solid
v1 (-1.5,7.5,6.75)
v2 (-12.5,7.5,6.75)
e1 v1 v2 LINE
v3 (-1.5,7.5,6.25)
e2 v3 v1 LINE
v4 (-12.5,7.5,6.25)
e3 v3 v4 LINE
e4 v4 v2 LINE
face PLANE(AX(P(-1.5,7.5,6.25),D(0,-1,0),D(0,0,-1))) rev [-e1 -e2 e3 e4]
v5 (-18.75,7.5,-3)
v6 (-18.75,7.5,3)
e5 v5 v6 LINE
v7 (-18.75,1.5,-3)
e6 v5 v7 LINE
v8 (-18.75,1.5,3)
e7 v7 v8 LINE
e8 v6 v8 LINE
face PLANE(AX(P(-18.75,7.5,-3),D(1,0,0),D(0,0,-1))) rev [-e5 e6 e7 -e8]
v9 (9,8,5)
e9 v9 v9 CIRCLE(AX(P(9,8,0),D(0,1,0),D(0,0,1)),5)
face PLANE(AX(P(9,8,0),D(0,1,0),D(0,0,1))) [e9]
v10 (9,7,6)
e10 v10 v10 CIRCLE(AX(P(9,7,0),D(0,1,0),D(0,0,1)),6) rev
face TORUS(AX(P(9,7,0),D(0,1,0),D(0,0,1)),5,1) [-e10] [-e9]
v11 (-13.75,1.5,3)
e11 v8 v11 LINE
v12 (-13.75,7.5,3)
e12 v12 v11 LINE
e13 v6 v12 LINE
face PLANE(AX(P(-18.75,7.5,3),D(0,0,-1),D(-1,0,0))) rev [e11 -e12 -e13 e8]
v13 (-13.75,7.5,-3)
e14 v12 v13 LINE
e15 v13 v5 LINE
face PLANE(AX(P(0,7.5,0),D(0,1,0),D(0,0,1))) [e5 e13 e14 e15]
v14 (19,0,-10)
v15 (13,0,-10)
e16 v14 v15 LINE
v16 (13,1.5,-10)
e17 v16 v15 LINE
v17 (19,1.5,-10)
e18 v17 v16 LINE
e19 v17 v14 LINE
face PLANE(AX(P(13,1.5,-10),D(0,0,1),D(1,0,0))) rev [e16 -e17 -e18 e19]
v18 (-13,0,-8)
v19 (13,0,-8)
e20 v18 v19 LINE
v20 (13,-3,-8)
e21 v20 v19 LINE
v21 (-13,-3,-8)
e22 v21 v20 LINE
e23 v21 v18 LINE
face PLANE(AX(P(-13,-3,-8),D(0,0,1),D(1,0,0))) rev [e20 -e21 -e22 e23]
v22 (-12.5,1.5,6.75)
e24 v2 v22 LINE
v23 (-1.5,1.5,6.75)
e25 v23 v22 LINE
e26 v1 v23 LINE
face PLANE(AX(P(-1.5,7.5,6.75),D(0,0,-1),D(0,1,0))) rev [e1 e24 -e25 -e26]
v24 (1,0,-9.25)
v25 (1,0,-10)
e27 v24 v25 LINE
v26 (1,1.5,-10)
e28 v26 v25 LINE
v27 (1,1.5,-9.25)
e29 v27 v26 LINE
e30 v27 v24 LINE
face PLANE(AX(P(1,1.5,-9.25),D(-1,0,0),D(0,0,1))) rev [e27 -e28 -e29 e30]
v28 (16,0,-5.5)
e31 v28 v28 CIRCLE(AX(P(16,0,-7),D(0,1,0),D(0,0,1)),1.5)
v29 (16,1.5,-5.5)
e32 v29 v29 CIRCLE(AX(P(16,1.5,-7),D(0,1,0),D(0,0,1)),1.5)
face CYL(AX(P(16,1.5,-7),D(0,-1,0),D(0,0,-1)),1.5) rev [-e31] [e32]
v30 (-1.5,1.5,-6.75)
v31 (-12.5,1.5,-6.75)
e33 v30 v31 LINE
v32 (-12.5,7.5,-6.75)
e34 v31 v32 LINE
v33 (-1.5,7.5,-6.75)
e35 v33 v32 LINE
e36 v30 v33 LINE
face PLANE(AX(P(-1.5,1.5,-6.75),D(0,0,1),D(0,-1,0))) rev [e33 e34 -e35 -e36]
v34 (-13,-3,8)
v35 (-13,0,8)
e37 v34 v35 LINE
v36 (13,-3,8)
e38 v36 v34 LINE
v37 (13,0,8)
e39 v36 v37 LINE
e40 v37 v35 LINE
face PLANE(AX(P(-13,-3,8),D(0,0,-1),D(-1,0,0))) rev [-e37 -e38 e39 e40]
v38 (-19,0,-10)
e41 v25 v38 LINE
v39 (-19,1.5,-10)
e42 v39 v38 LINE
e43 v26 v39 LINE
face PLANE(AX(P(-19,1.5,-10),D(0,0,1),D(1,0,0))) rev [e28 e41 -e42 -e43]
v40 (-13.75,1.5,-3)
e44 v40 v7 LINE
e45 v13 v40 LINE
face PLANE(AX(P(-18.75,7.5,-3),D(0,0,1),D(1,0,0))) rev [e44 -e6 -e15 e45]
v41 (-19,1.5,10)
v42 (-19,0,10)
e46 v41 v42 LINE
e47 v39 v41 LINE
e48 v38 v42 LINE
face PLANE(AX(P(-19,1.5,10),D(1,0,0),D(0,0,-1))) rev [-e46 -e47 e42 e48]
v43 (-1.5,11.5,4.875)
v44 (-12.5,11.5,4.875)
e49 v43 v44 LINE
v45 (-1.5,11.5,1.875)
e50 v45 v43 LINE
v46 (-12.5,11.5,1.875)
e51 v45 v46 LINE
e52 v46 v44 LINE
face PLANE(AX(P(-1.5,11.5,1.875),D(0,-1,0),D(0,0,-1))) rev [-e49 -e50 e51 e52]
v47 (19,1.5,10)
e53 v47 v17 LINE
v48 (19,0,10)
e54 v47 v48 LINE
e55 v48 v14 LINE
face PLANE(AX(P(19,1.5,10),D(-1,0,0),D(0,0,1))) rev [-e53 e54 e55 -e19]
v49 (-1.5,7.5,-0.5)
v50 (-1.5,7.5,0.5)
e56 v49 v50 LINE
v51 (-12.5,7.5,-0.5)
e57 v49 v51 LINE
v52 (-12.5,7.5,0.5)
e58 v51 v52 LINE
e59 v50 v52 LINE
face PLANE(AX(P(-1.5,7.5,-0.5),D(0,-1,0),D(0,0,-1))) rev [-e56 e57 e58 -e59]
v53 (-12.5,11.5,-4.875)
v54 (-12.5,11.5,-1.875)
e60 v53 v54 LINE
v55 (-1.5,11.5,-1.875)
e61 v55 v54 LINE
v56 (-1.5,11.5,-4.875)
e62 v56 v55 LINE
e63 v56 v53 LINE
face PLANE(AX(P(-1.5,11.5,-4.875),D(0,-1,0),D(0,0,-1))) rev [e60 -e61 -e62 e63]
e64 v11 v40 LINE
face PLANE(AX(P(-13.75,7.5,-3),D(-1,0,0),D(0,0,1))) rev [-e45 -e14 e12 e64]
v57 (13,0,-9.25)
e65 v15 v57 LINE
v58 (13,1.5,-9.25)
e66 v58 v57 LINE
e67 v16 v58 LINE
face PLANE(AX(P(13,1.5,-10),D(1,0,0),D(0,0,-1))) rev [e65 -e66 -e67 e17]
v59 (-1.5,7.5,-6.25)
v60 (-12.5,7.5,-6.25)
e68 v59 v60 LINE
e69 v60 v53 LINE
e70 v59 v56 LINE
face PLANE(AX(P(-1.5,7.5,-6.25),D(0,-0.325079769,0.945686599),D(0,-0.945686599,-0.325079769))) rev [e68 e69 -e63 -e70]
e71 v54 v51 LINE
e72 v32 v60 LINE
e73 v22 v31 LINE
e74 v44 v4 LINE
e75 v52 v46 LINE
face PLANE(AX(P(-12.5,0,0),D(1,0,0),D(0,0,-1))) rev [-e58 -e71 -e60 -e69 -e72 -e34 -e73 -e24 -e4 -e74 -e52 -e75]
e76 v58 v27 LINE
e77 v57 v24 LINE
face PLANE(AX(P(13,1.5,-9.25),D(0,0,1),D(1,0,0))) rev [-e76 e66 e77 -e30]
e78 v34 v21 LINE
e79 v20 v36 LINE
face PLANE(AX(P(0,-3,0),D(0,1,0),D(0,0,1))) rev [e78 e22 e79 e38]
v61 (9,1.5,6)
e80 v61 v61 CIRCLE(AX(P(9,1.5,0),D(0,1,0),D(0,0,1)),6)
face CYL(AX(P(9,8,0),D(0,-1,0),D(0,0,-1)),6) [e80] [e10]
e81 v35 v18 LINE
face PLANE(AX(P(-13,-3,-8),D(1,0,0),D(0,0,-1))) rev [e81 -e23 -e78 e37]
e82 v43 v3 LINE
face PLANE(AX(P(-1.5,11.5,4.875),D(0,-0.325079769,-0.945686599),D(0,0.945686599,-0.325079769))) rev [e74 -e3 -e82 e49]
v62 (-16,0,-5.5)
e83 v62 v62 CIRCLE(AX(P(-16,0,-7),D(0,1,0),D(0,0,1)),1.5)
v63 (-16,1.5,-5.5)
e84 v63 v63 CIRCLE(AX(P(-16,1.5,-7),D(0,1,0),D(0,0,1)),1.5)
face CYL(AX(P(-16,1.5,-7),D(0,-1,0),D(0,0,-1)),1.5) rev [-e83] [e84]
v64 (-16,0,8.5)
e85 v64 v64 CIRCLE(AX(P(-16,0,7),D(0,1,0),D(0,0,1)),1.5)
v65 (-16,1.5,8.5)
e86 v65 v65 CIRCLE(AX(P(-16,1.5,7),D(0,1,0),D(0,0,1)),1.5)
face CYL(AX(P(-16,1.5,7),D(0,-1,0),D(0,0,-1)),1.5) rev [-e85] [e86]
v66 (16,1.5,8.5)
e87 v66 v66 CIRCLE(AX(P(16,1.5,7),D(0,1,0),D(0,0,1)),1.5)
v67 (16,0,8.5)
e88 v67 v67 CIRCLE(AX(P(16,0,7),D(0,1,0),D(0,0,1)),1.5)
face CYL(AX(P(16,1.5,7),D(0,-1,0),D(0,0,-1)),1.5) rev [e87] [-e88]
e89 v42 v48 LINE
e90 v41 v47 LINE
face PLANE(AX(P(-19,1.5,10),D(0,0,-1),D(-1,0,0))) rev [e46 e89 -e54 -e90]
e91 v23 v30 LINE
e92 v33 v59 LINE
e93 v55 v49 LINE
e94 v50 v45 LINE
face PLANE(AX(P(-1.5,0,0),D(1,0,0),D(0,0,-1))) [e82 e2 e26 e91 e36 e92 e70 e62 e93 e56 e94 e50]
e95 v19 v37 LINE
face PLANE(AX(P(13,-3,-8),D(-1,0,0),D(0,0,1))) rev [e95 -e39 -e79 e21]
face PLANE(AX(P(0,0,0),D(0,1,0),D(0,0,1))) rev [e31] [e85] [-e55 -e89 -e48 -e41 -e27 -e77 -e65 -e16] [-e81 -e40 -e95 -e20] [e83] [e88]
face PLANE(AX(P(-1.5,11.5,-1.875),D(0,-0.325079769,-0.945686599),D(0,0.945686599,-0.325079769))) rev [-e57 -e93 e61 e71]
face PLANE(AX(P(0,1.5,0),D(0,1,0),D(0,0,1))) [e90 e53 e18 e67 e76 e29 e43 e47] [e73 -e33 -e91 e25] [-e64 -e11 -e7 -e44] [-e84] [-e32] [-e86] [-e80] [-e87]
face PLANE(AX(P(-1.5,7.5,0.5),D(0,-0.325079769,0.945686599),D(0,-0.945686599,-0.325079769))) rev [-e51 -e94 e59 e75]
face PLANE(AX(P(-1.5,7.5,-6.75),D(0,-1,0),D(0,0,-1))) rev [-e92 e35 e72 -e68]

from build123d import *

# Parameters (mm, degrees)
SKETCH1_R           = 1.5
BOSS_EXTRUDE1_DEPTH = 1.5
SKETCH2_R           = 6
BOSS_EXTRUDE2_DEPTH = 6.5
FILLET1_R           = 1
SKETCH3_W           = 5
SKETCH3_H           = 6
BOSS_EXTRUDE3_DEPTH = 6
BOSS_EXTRUDE4_START = -12.5
BOSS_EXTRUDE4_DEPTH = 11
SKETCH6_W           = 26
SKETCH6_H           = 16
BOSS_EXTRUDE5_DEPTH = 3


with BuildPart() as part:
    # Sketch1 → Boss-Extrude1 (new body)
    with BuildSketch(Plane(origin=(0, 0, 0), x_dir=(1, 0, 0), z_dir=(0, 1, 0))):
        Polygon((-19, -10), (19, -10), (19, 10), (13, 10), (13, 9.25), (1, 9.25), (1, 10), (-19, 10), align=None)
        with Locations((-16, 7)):
            Circle(SKETCH1_R, mode=Mode.SUBTRACT)
        with Locations((-16, -7)):
            Circle(SKETCH1_R, mode=Mode.SUBTRACT)
        with Locations((16, -7)):
            Circle(SKETCH1_R, mode=Mode.SUBTRACT)
        with Locations((16, 7)):
            Circle(SKETCH1_R, mode=Mode.SUBTRACT)
    extrude(amount=BOSS_EXTRUDE1_DEPTH)

    # Sketch2 → Boss-Extrude2 (add)
    with BuildSketch(Plane(origin=(0, 1.5, 0), x_dir=(1, 0, 0), z_dir=(0, 1, 0))):
        with Locations((9, 0)):
            Circle(SKETCH2_R)
    extrude(amount=BOSS_EXTRUDE2_DEPTH)

    # Fillet1
    fillet1_edges = [part.edges().sort_by_distance(p)[0] for p in [
        (3, 8, 0),
    ]]
    fillet(fillet1_edges, radius=FILLET1_R)

    # Sketch3 → Boss-Extrude3 (add)
    with BuildSketch(Plane(origin=(0, 1.5, 0), x_dir=(1, 0, 0), z_dir=(0, 1, 0))):
        with Locations((-16.25, 0)):
            Rectangle(SKETCH3_W, SKETCH3_H)
    extrude(amount=BOSS_EXTRUDE3_DEPTH)

    # Sketch5 → Boss-Extrude4 (add)
    with BuildSketch(Plane(origin=(0, 0, 0), x_dir=(0, 0, -1), z_dir=(1, 0, 0)).offset(BOSS_EXTRUDE4_START)):
        Polygon((6.75, 1.5), (6.75, 7.5), (6.25, 7.5), (4.875, 11.5), (1.875, 11.5), (0.5, 7.5), (-0.5, 7.5), (-1.875, 11.5), (-4.875, 11.5), (-6.25, 7.5), (-6.75, 7.5), (-6.75, 1.5), align=None)
    extrude(amount=BOSS_EXTRUDE4_DEPTH)

    # Sketch6 → Boss-Extrude5 (add)
    with BuildSketch(Plane.XZ):
        Rectangle(SKETCH6_W, SKETCH6_H)
    extrude(amount=BOSS_EXTRUDE5_DEPTH)


solid = part.part
